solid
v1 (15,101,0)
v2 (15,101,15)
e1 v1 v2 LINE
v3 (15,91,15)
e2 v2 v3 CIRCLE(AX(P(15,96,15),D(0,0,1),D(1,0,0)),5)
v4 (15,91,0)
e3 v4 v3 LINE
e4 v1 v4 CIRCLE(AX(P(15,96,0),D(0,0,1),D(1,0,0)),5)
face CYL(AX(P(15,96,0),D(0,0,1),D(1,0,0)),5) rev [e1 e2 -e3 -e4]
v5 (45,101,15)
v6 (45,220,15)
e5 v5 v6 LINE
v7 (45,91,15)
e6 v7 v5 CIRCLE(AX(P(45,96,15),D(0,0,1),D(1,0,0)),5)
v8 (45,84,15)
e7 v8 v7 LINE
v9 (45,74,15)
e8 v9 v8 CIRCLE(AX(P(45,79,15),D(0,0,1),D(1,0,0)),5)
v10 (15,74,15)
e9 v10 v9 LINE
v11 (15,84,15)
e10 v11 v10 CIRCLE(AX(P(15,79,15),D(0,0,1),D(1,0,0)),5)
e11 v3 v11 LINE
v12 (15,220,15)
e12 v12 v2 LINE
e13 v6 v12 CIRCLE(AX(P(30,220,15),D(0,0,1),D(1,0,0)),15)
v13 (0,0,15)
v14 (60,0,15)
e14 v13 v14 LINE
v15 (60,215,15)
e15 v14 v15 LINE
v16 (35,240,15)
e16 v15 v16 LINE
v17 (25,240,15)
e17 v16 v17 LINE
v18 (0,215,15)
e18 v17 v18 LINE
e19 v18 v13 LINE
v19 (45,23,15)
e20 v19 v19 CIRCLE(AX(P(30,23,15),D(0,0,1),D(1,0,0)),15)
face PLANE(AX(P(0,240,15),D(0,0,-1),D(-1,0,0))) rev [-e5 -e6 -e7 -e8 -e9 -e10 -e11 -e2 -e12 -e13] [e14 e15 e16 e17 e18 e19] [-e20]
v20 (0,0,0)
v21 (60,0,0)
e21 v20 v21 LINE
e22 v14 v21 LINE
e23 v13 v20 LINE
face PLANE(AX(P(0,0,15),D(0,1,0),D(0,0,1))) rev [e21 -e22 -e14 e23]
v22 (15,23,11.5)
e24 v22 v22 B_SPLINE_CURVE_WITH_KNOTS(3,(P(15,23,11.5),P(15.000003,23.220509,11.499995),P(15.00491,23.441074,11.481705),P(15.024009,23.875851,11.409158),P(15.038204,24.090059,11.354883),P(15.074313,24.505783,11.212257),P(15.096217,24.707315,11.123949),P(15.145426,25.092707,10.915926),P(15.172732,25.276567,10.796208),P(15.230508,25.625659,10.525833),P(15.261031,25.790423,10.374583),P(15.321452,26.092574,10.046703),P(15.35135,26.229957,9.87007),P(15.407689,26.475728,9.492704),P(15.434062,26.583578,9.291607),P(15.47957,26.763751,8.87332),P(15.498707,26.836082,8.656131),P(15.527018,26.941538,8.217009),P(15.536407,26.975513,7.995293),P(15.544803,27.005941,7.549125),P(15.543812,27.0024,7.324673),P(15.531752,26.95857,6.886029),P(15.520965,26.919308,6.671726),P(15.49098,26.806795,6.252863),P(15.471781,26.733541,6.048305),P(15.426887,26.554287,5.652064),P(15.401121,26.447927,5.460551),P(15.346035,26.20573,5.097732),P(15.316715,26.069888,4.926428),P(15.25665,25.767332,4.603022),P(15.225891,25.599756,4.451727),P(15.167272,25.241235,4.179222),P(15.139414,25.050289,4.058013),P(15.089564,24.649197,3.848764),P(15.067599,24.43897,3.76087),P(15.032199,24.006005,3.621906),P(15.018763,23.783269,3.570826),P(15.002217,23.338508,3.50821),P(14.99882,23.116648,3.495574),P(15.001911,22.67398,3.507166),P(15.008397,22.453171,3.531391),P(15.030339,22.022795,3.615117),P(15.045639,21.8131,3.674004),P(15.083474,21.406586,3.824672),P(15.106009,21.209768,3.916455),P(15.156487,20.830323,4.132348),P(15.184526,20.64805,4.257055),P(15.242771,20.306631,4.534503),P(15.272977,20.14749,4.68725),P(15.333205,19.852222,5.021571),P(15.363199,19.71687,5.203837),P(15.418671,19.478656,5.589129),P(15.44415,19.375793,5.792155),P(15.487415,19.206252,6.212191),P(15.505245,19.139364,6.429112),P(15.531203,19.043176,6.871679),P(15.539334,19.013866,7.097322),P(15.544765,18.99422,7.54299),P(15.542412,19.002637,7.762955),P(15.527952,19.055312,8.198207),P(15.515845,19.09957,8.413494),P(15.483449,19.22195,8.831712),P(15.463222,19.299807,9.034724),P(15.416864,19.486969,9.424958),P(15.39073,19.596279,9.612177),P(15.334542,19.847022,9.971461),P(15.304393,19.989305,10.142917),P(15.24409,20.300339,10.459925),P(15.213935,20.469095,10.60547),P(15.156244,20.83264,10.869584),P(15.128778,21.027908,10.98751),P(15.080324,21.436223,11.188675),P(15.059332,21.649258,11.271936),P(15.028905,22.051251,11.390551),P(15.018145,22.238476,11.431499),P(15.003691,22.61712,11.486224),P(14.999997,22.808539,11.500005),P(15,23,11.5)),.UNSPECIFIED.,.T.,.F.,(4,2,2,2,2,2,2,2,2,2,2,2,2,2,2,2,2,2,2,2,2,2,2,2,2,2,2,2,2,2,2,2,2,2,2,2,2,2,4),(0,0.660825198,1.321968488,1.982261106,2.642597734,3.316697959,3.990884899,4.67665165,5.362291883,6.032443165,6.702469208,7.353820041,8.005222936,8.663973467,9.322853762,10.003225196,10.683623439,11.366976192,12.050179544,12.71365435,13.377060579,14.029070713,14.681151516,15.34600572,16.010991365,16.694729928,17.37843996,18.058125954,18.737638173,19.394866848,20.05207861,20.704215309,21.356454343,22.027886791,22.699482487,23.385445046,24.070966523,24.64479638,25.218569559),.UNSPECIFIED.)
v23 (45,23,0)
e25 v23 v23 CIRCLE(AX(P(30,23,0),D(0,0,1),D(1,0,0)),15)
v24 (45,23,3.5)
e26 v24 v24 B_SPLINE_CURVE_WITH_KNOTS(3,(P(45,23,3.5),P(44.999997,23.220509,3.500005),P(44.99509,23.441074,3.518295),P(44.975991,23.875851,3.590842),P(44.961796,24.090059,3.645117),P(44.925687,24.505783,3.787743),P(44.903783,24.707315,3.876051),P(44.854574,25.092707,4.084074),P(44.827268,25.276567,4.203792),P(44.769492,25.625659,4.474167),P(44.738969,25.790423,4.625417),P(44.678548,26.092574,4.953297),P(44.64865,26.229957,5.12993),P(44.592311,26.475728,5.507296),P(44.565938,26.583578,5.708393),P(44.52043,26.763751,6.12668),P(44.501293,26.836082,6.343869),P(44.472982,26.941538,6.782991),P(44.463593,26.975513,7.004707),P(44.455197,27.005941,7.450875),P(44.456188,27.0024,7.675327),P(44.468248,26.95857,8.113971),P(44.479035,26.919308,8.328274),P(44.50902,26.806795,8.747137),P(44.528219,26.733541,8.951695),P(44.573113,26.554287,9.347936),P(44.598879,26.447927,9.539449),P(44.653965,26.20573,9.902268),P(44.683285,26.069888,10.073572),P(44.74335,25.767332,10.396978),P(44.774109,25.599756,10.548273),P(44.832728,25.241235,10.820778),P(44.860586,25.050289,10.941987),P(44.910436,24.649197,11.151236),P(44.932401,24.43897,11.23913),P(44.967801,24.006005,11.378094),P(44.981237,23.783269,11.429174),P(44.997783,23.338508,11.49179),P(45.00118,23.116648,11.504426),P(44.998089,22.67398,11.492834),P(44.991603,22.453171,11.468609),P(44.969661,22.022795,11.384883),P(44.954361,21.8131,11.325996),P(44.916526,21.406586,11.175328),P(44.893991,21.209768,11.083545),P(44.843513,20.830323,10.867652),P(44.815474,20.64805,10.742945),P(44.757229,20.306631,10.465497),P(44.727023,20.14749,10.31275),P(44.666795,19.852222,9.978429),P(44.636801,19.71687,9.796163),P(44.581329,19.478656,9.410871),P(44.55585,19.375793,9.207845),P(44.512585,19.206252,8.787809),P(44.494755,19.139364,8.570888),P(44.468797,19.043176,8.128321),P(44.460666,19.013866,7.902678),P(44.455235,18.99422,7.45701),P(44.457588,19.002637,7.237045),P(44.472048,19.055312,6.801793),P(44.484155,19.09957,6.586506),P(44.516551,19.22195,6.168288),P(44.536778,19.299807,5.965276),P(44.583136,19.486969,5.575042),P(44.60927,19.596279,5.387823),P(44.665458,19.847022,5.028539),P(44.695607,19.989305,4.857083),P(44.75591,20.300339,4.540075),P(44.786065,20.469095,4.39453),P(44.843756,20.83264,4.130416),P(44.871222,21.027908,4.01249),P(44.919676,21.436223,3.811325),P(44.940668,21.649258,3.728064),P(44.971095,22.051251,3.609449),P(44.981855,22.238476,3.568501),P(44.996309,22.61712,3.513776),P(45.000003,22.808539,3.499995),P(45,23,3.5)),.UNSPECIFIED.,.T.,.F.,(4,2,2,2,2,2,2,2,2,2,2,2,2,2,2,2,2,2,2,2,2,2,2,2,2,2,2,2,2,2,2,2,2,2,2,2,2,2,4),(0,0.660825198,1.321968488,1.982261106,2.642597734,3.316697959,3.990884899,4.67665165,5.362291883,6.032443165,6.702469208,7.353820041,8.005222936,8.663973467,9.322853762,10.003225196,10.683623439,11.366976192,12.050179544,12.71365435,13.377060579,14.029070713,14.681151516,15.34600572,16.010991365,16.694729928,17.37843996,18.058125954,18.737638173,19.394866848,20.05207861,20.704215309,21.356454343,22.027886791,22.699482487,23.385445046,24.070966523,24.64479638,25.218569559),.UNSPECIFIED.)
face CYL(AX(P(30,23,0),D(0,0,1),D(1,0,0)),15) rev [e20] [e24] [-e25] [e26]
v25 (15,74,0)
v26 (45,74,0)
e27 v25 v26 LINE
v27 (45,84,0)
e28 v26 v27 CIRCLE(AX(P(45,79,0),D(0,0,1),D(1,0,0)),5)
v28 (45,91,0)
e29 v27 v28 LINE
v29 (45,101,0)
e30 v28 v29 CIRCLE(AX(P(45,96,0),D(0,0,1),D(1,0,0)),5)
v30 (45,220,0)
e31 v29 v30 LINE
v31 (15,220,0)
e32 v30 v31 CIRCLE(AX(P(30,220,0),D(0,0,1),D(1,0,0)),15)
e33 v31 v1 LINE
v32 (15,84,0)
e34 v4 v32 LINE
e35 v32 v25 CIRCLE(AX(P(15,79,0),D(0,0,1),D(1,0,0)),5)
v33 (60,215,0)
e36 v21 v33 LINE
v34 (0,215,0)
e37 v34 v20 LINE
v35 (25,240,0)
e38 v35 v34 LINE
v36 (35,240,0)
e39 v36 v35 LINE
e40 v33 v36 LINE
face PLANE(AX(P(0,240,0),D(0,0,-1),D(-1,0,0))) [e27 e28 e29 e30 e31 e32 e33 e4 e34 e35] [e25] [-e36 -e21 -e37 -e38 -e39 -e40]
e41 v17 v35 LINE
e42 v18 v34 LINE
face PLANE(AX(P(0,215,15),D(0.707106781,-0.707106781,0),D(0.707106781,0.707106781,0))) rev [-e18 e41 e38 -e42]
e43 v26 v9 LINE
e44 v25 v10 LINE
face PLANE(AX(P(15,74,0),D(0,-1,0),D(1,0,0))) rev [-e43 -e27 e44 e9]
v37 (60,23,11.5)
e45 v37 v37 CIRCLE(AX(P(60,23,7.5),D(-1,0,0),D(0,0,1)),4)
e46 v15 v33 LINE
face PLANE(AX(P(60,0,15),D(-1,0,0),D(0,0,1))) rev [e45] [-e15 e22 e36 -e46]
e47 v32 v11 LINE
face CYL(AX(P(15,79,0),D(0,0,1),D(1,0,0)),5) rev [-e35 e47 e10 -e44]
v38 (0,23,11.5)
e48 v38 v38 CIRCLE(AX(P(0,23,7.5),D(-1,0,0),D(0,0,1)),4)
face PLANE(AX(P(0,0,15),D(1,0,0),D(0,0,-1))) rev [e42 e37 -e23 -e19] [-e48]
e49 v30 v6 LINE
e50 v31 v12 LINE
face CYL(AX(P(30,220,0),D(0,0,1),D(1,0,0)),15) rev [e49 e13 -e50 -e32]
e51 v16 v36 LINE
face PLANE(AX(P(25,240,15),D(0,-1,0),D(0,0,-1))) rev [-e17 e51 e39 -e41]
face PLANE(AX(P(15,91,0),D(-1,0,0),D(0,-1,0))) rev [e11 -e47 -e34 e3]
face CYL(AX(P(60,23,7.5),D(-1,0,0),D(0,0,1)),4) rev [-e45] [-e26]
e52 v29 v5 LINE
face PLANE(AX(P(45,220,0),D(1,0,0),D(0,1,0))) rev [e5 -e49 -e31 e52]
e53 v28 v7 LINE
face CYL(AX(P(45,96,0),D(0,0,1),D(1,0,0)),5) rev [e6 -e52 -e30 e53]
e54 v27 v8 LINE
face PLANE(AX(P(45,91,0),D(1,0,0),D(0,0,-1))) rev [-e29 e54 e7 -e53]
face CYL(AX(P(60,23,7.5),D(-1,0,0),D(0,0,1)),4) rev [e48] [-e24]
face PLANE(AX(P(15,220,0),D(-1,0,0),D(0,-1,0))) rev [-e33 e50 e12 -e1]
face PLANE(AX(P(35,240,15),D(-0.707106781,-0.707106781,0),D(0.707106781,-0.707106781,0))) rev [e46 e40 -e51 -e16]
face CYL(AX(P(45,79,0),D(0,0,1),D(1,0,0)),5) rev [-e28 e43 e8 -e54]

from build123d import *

# Parameters (mm, degrees)
BASE_EXTRUSION_DEPTH    = 15
ESQUISSE2_R             = 15
ENL_V_MAT_EXTRU_1_DEPTH = 15
ENL_V_MAT_EXTRU_2_DEPTH = 15
ESQUISSE4_R             = 4
ENL_V_MAT_EXTRU_3_DEPTH = 248.840674628


with BuildPart() as part:
    # Esquisse1 → Base-Extrusion (new body)
    with BuildSketch(Plane.XY):
        Polygon((0, 215), (25, 240), (35, 240), (60, 215), (60, 0), (0, 0), align=None)
    extrude(amount=BASE_EXTRUSION_DEPTH)

    # Esquisse2 → Enlèv. mat.-Extru.1 (cut)
    with BuildSketch(Plane.XY.offset(15)):
        with Locations((30, 23)):
            Circle(ESQUISSE2_R)
    extrude(amount=-ENL_V_MAT_EXTRU_1_DEPTH, mode=Mode.SUBTRACT)

    # Esquisse3 → Enlèv. mat.-Extru.2 (cut)
    with BuildSketch(Plane.XY.offset(15)):
        with BuildLine():
            Line((45, 91), (45, 84))
            ThreePointArc((45, 84), (50, 79), (45, 74))
            Line((45, 74), (15, 74))
            ThreePointArc((15, 74), (10, 79), (15, 84))
            Line((15, 84), (15, 91))
            ThreePointArc((15, 91), (10, 96), (15, 101))
            Line((15, 101), (15, 220))
            ThreePointArc((15, 220), (30, 235), (45, 220))
            Line((45, 220), (45, 101))
            ThreePointArc((45, 101), (50, 96), (45, 91))
        make_face()
    extrude(amount=-ENL_V_MAT_EXTRU_2_DEPTH, mode=Mode.SUBTRACT)

    # Esquisse4 → Enlèv. mat.-Extru.3 (cut, through all)
    with BuildSketch(Plane.ZY):
        with Locations((7.5, 23)):
            Circle(ESQUISSE4_R)
    extrude(amount=-ENL_V_MAT_EXTRU_3_DEPTH, mode=Mode.SUBTRACT)


solid = part.part
